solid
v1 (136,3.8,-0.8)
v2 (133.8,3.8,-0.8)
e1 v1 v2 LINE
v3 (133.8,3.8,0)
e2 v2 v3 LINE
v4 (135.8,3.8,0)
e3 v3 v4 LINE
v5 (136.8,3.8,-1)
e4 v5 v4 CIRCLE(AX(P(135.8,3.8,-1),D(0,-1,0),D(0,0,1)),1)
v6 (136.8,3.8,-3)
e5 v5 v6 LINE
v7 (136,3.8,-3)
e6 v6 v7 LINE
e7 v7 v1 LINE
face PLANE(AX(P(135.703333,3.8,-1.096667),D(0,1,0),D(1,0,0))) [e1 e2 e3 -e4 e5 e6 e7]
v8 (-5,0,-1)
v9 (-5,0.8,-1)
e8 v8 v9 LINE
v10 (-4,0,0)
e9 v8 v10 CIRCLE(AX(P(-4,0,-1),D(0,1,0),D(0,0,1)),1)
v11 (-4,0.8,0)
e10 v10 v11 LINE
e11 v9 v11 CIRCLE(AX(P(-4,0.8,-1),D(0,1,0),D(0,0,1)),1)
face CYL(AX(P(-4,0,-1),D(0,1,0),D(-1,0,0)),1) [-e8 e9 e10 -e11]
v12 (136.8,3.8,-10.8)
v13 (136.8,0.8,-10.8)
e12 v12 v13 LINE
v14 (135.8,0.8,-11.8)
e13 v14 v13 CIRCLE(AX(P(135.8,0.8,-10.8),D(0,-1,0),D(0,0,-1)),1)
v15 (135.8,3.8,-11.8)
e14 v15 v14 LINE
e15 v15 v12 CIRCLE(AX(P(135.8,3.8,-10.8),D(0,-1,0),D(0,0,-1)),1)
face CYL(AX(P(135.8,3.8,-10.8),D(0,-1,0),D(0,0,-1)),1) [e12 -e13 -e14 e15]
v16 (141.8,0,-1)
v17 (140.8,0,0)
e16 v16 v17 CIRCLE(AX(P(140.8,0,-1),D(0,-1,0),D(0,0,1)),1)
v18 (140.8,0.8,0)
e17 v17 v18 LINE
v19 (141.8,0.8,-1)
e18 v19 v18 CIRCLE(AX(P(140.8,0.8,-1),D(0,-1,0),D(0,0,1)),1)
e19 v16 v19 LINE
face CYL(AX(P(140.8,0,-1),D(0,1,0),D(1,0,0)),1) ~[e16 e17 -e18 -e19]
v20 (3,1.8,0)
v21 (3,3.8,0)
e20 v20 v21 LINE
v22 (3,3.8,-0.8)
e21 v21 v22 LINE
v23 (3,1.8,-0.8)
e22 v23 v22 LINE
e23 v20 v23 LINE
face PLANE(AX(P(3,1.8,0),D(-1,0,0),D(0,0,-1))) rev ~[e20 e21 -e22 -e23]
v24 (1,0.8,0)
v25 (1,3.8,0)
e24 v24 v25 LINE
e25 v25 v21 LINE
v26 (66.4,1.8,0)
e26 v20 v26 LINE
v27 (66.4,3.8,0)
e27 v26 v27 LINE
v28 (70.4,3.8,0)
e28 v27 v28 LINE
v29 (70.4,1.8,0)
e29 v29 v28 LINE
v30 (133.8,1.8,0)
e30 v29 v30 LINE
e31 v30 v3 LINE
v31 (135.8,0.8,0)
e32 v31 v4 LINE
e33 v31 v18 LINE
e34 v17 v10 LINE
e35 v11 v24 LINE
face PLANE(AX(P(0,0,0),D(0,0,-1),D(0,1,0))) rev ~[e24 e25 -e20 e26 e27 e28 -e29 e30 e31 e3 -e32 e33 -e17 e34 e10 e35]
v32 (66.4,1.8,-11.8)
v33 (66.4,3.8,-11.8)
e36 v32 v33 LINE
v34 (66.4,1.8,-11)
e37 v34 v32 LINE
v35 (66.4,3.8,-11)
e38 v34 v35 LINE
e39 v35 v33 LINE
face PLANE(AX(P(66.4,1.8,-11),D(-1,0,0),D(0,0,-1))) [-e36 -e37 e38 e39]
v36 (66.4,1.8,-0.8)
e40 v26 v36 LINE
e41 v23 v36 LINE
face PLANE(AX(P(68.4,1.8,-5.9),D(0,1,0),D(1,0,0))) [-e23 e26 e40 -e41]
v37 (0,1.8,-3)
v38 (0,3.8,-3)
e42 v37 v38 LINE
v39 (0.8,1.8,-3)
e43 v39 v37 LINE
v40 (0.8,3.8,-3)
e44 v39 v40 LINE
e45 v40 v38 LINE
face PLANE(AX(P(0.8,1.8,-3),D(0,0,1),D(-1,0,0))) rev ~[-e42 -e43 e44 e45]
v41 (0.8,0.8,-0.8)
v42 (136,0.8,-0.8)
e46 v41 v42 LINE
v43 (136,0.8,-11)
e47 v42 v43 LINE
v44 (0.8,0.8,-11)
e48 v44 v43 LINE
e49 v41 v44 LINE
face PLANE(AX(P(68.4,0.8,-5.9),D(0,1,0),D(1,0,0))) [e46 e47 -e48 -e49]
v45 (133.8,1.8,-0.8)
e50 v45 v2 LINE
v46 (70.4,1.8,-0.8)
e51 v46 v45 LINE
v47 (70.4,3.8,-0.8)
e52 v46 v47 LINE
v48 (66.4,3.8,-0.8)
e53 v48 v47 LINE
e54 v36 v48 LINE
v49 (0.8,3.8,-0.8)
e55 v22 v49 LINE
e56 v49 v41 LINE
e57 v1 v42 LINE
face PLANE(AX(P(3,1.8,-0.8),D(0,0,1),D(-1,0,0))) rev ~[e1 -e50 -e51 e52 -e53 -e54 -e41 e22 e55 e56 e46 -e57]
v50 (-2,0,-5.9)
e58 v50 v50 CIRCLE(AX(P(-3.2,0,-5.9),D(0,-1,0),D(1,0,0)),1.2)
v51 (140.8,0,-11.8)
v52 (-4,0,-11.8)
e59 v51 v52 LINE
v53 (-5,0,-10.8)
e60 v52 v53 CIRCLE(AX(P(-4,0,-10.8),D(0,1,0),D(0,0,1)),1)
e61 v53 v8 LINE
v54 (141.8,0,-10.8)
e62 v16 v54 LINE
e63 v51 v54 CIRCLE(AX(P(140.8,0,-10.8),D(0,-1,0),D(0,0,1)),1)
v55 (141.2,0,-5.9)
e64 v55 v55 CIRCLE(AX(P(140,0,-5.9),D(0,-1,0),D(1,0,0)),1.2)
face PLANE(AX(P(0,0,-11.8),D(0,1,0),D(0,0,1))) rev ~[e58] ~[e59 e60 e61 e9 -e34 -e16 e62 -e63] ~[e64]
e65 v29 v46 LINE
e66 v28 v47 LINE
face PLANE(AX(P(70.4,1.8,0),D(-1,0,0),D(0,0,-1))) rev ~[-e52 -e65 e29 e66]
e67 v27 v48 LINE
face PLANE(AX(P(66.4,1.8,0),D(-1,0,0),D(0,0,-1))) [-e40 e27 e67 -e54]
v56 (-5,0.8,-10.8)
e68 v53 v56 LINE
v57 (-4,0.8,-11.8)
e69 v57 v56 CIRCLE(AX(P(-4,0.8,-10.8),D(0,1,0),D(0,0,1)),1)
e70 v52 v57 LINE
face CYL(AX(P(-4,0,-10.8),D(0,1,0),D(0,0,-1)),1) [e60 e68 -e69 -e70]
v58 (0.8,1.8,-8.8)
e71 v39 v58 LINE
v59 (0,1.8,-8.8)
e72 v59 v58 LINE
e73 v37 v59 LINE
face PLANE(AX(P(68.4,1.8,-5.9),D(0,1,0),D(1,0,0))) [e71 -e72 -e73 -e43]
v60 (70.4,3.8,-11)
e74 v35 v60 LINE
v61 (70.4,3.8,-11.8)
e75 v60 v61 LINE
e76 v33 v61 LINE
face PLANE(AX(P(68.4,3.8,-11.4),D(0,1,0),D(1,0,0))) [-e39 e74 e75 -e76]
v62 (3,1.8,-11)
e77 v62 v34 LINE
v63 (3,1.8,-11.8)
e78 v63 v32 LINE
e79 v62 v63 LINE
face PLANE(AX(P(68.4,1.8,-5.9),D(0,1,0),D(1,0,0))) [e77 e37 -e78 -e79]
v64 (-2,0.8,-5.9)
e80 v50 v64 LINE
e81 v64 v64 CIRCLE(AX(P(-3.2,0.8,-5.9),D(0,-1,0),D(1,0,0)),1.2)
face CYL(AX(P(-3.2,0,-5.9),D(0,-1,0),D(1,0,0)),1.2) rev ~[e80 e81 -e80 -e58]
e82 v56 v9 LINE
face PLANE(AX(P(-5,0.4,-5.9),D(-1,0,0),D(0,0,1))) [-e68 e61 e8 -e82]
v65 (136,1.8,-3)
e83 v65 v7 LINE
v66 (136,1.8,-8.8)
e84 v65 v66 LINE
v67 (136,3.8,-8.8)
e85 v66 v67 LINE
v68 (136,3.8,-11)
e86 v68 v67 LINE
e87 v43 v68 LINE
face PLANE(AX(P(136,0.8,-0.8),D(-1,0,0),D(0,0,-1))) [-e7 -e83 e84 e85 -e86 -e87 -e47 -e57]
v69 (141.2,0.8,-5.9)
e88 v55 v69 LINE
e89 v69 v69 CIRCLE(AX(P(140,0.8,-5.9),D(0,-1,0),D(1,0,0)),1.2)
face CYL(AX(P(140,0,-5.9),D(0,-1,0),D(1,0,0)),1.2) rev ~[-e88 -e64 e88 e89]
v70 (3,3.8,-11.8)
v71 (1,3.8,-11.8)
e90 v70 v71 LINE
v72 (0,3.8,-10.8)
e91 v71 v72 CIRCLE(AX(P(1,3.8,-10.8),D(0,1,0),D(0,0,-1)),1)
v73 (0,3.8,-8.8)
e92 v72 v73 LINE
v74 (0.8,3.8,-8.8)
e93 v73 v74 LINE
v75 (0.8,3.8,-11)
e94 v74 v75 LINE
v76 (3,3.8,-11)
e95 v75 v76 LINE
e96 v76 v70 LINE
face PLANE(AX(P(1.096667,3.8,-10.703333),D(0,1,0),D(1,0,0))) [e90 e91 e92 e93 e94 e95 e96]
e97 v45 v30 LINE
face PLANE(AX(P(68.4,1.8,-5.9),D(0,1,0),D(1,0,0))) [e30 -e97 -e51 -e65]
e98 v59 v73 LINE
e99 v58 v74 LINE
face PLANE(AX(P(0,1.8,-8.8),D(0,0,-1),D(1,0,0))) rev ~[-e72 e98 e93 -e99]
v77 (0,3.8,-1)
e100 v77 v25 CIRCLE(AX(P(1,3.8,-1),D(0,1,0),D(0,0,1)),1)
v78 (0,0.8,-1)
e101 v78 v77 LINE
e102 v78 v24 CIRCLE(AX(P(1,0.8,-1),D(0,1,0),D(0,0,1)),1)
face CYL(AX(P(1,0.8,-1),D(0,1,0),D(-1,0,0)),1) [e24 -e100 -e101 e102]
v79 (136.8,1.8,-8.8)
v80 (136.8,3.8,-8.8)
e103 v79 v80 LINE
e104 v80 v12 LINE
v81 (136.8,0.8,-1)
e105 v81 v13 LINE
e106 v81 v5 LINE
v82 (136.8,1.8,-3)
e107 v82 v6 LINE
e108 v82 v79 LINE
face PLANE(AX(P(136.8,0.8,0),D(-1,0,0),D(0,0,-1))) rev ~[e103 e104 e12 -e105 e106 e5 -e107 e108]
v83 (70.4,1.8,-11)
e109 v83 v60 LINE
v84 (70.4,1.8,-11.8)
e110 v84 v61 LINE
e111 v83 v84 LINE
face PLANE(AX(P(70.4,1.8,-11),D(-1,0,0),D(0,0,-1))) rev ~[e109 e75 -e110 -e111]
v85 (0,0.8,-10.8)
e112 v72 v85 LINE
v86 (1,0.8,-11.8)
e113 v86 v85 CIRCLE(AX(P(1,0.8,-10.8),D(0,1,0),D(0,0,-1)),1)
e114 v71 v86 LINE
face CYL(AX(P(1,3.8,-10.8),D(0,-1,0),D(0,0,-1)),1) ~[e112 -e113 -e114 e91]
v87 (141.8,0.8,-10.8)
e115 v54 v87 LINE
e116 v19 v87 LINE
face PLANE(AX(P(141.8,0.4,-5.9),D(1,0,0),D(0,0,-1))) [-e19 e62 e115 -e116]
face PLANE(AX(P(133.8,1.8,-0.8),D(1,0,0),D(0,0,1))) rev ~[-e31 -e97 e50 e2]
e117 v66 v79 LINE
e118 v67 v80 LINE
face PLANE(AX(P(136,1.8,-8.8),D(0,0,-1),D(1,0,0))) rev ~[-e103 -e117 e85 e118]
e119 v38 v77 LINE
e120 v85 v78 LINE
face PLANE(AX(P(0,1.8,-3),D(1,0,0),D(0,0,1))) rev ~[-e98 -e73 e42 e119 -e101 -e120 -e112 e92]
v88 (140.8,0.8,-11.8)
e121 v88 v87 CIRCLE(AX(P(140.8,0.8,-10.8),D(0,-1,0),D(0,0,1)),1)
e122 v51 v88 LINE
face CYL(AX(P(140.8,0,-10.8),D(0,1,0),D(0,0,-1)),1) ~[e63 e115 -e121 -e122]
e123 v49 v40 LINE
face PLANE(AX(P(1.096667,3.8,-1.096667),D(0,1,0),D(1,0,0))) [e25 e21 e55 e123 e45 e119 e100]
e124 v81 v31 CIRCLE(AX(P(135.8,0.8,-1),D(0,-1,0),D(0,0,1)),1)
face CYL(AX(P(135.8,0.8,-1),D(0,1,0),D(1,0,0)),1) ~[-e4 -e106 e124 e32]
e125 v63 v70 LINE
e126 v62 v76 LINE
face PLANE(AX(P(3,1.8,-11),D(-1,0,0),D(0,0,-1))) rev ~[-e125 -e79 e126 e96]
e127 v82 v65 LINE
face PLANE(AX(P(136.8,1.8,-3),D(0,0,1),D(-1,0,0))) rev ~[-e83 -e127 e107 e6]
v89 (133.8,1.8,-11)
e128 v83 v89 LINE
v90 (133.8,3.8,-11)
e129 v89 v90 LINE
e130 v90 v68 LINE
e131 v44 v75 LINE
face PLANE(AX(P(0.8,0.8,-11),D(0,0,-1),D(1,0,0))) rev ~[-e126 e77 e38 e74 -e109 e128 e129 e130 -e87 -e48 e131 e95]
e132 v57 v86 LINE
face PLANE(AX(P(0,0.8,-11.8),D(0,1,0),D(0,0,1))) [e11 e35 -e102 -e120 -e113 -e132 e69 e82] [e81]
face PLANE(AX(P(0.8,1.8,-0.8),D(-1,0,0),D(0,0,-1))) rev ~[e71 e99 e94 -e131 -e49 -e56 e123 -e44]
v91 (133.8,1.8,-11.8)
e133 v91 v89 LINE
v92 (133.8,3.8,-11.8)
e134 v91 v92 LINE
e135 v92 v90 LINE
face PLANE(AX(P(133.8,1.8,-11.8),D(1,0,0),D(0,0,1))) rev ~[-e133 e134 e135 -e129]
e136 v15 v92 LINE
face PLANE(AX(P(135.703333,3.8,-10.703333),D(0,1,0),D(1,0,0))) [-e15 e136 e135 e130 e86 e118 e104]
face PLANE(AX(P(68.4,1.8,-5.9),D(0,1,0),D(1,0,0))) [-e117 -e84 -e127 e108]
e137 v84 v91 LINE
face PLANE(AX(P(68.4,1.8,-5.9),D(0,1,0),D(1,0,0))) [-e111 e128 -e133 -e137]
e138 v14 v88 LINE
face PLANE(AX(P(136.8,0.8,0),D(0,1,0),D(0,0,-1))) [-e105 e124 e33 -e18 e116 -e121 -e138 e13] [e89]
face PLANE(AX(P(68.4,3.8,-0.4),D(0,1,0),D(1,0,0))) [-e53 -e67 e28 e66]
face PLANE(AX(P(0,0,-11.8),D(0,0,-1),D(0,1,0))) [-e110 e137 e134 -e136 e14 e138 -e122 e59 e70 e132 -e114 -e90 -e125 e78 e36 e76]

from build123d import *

# Parameters (mm, degrees)
ESQUISSE1_W             = 136.8
ESQUISSE1_H             = 11.8
BOSS_EXTRU_1_DEPTH      = 0.8
ESQUISSE2_W             = 136.8
ESQUISSE2_H             = 11.8
ESQUISSE2_W_2           = 135.2
ESQUISSE2_H_2           = 10.2
BOSS_EXTRU_2_DEPTH      = 1
ESQUISSE3_W             = 4
ESQUISSE3_H             = 0.8
BOSS_EXTRU_3_DEPTH      = 2
ESQUISSE4_W             = 11.8
ESQUISSE4_H             = 0.8
BOSS_EXTRU_4_DEPTH      = 5
ESQUISSE5_W             = 11.8
ESQUISSE5_H             = 0.8
BOSS_EXTRU_5_DEPTH      = 5
ESQUISSE6_R             = 1.2
ENL_V_MAT_EXTRU_1_DEPTH = 4
CONG_1_R                = 1


with BuildPart() as part:
    # Esquisse1 → Boss.-Extru.1 (new body)
    with BuildSketch(Plane(origin=(0, 0, 0), x_dir=(1, 0, 0), z_dir=(0, 1, 0))):
        with Locations((68.4, 5.9)):
            Rectangle(ESQUISSE1_W, ESQUISSE1_H)
    extrude(amount=BOSS_EXTRU_1_DEPTH)

    # Esquisse2 → Boss.-Extru.2 (add)
    with BuildSketch(Plane(origin=(0, 0.8, 0), x_dir=(1, 0, 0), z_dir=(0, 1, 0))):
        with Locations((68.4, 5.9)):
            Rectangle(ESQUISSE2_W, ESQUISSE2_H)
        with Locations((68.4, 5.9)):
            Rectangle(ESQUISSE2_W_2, ESQUISSE2_H_2, mode=Mode.SUBTRACT)
    extrude(amount=BOSS_EXTRU_2_DEPTH)

    # Esquisse3 → Boss.-Extru.3 (add)
    with BuildSketch(Plane(origin=(0, 1.8, 0), x_dir=(1, 0, 0), z_dir=(0, 1, 0))):
        Polygon((0.8, 3), (0, 3), (0, 0), (3, 0), (3, 0.8), (0.8, 0.8), align=None)
        Polygon((3, 11.8), (0, 11.8), (0, 8.8), (0.8, 8.8), (0.8, 11), (3, 11), align=None)
        Polygon((133.8, 11), (136, 11), (136, 8.8), (136.8, 8.8), (136.8, 11.8), (133.8, 11.8), align=None)
        with Locations((68.4, 11.4)):
            Rectangle(ESQUISSE3_W, ESQUISSE3_H)
        with Locations((68.4, 0.4)):
            Rectangle(ESQUISSE3_W, ESQUISSE3_H)
        Polygon((133.8, 0), (136.8, 0), (136.8, 3), (136, 3), (136, 0.8), (133.8, 0.8), align=None)
    extrude(amount=BOSS_EXTRU_3_DEPTH)

    # Esquisse4 → Boss.-Extru.4 (add)
    with BuildSketch(Plane(origin=(136.8, 0, 0), x_dir=(0, 0, -1), z_dir=(1, 0, 0))):
        with Locations((5.9, 0.4)):
            Rectangle(ESQUISSE4_W, ESQUISSE4_H)
    extrude(amount=BOSS_EXTRU_4_DEPTH)

    # Esquisse5 → Boss.-Extru.5 (add)
    with BuildSketch(Plane.ZY):
        with Locations((-5.9, 0.4)):
            Rectangle(ESQUISSE5_W, ESQUISSE5_H)
    extrude(amount=BOSS_EXTRU_5_DEPTH)

    # Esquisse6 → Enlèv. mat.-Extru.1 (cut)
    with BuildSketch(Plane.XZ):
        with Locations((140, -5.9)):
            Circle(ESQUISSE6_R)
        with Locations((-3.2, -5.9)):
            Circle(ESQUISSE6_R)
    extrude(amount=-ENL_V_MAT_EXTRU_1_DEPTH, mode=Mode.SUBTRACT)

    # Congé1
    cong_1_edges = [part.edges().sort_by_distance(p)[0] for p in [
        (141.8, 0.4, -11.8),
        (141.8, 0.4, 0),
        (-5, 0.4, -11.8),
        (-5, 0.4, 0),
        (0, 2.3, -11.8),
        (136.8, 2.3, -11.8),
        (136.8, 2.3, 0),
        (0, 2.3, 0),
    ]]
    fillet(cong_1_edges, radius=CONG_1_R)


solid = part.part
